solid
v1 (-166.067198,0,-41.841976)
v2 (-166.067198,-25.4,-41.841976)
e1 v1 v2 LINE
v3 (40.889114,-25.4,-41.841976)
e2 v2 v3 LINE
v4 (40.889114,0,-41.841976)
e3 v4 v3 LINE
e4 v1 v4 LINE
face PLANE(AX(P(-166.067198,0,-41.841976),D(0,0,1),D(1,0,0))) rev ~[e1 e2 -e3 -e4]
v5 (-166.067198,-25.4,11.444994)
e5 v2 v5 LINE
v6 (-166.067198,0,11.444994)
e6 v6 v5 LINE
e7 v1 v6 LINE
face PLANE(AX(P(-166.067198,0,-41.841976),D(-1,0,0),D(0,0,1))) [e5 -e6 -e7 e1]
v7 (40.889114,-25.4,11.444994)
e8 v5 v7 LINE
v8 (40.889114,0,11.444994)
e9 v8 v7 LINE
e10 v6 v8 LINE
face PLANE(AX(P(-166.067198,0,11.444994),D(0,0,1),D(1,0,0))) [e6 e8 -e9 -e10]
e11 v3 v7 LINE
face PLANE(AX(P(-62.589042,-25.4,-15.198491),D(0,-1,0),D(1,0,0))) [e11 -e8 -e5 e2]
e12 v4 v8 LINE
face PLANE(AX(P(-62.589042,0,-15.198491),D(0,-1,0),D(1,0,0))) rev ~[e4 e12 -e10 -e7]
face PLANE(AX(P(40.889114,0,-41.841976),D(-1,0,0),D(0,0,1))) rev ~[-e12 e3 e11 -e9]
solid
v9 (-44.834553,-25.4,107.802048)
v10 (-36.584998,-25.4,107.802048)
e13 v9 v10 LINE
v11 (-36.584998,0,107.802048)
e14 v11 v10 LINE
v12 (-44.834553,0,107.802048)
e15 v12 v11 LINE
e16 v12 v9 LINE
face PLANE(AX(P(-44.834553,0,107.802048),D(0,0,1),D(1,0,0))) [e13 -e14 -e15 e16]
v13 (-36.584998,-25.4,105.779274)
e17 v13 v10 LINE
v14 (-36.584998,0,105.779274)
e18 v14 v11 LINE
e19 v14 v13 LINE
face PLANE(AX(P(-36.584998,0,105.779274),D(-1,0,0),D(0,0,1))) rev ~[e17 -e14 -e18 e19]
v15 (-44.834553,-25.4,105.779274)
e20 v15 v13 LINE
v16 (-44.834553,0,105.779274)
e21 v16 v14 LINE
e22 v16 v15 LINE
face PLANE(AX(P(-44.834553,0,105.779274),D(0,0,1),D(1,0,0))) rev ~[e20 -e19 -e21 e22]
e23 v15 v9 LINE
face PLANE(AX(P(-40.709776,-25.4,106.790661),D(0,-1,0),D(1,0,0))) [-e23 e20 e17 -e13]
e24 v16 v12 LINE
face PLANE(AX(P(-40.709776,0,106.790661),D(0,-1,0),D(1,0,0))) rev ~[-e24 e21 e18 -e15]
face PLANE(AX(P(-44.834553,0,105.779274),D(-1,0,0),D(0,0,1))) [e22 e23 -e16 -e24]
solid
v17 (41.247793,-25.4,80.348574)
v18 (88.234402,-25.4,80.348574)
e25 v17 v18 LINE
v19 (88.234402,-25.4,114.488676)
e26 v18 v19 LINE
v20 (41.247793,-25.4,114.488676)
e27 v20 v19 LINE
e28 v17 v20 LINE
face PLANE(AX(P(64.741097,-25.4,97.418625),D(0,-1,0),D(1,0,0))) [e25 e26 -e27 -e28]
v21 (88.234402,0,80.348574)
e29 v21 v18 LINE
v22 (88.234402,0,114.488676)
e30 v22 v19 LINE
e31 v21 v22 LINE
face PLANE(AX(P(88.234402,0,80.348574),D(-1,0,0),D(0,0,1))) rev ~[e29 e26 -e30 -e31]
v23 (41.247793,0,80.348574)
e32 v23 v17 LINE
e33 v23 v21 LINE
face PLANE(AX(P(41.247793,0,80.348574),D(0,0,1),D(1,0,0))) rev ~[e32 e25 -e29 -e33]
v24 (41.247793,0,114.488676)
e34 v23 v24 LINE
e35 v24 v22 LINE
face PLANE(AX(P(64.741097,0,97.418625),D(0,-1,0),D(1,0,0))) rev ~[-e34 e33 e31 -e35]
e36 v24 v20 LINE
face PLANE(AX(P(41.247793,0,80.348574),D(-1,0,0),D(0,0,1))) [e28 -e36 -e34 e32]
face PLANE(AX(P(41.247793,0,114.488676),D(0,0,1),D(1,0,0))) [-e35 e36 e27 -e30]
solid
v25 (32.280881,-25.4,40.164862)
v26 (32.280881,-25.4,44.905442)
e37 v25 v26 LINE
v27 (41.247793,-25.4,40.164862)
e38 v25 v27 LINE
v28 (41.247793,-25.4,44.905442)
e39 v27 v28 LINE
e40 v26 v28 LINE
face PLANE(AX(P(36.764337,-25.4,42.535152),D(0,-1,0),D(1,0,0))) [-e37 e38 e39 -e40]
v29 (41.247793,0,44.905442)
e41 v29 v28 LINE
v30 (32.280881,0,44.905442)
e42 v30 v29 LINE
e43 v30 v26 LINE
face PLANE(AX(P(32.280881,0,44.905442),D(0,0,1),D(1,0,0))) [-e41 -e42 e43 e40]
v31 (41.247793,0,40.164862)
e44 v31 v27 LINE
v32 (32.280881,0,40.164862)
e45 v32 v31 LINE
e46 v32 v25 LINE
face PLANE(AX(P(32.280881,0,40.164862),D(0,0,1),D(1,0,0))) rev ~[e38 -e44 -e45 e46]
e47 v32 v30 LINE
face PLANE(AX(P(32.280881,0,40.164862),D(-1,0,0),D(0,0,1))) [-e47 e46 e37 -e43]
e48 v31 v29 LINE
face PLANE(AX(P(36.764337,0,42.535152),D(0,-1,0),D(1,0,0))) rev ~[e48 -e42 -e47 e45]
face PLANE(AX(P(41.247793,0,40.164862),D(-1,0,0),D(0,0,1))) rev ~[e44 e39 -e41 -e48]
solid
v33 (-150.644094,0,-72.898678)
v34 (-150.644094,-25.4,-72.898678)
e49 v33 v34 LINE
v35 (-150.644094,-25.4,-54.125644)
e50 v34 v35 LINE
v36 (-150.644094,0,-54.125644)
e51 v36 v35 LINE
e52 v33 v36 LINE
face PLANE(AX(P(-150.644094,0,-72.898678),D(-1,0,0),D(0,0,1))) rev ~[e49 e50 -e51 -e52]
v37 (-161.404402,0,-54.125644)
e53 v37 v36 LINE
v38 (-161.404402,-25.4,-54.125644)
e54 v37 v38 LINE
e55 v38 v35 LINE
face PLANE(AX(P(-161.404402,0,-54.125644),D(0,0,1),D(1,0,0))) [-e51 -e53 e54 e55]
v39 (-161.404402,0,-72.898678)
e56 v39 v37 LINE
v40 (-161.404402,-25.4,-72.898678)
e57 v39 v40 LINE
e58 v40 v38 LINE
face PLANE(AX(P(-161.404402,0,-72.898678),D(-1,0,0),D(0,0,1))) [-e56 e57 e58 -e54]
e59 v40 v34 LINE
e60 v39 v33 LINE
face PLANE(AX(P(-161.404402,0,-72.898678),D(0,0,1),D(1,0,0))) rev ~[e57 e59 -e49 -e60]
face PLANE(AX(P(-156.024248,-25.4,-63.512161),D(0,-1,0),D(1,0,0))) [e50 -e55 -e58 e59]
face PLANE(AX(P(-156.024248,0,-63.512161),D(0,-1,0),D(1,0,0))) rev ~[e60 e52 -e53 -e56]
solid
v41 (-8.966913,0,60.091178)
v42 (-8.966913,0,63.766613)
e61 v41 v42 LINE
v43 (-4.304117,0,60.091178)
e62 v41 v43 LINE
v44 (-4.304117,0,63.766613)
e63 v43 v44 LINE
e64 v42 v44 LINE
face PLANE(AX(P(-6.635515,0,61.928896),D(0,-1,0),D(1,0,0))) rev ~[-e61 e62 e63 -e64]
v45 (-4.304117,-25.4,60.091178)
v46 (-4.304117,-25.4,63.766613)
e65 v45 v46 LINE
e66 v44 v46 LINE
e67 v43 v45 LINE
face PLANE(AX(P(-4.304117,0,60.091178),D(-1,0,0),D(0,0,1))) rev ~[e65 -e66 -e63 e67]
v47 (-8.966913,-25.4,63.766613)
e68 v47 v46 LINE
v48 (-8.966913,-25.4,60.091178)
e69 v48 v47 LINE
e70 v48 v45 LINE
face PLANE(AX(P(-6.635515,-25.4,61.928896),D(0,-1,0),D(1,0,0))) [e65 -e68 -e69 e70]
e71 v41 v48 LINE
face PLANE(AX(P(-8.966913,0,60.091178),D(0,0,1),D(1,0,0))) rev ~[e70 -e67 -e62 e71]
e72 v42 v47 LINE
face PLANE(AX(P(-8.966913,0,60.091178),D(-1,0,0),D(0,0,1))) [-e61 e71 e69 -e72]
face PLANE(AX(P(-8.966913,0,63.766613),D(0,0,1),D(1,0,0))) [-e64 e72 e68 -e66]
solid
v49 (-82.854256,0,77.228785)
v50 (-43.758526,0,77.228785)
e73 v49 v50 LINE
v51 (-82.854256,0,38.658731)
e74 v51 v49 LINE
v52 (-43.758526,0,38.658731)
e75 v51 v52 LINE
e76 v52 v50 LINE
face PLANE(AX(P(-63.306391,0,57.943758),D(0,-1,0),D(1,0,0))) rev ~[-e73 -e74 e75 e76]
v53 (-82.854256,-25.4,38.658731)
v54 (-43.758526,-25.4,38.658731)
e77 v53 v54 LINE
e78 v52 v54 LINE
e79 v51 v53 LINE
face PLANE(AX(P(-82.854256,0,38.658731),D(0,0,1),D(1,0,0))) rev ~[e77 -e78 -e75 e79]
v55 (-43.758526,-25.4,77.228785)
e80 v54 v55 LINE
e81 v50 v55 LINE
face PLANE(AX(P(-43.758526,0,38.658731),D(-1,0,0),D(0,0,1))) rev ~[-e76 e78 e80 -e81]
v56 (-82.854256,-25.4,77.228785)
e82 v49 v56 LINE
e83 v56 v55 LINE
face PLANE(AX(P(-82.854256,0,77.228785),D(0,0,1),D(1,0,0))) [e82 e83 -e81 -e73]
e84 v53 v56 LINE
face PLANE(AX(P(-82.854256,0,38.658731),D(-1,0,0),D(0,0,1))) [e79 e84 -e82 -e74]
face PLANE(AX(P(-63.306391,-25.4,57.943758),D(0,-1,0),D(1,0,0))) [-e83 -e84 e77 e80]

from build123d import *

# Parameters (mm, degrees)
F0_W     = 39.09573
F0_H     = 38.570054
F0_W_2   = 4.662796
F0_H_2   = 3.675435
F0_W_3   = 206.956312
F0_H_3   = 53.28697
F0_W_4   = 10.760307
F0_H_4   = 18.773034
F0_W_5   = 8.966912
F0_H_5   = 4.740581
F0_W_6   = 46.986609
F0_H_6   = 34.140102
F0_W_7   = 8.249555
F0_H_7   = 2.022773
F1_DEPTH = 25.4


with BuildPart() as f1:
    # F0 (on Front) → F1 (new body)
    with BuildSketch(Plane.XZ):
        with Locations((-63.306391, 57.943758)):
            Rectangle(F0_W, F0_H)
        with Locations((-6.635515, 61.928896)):
            Rectangle(F0_W_2, F0_H_2)
        with Locations((-62.589042, -15.198491)):
            Rectangle(F0_W_3, F0_H_3)
        with Locations((-156.024248, -63.512161)):
            Rectangle(F0_W_4, F0_H_4)
        with Locations((36.764337, 42.535152)):
            Rectangle(F0_W_5, F0_H_5)
        with Locations((64.741097, 97.418625)):
            Rectangle(F0_W_6, F0_H_6)
        with Locations((-40.709776, 106.790661)):
            Rectangle(F0_W_7, F0_H_7)
    extrude(amount=F1_DEPTH)


solid = f1.part
